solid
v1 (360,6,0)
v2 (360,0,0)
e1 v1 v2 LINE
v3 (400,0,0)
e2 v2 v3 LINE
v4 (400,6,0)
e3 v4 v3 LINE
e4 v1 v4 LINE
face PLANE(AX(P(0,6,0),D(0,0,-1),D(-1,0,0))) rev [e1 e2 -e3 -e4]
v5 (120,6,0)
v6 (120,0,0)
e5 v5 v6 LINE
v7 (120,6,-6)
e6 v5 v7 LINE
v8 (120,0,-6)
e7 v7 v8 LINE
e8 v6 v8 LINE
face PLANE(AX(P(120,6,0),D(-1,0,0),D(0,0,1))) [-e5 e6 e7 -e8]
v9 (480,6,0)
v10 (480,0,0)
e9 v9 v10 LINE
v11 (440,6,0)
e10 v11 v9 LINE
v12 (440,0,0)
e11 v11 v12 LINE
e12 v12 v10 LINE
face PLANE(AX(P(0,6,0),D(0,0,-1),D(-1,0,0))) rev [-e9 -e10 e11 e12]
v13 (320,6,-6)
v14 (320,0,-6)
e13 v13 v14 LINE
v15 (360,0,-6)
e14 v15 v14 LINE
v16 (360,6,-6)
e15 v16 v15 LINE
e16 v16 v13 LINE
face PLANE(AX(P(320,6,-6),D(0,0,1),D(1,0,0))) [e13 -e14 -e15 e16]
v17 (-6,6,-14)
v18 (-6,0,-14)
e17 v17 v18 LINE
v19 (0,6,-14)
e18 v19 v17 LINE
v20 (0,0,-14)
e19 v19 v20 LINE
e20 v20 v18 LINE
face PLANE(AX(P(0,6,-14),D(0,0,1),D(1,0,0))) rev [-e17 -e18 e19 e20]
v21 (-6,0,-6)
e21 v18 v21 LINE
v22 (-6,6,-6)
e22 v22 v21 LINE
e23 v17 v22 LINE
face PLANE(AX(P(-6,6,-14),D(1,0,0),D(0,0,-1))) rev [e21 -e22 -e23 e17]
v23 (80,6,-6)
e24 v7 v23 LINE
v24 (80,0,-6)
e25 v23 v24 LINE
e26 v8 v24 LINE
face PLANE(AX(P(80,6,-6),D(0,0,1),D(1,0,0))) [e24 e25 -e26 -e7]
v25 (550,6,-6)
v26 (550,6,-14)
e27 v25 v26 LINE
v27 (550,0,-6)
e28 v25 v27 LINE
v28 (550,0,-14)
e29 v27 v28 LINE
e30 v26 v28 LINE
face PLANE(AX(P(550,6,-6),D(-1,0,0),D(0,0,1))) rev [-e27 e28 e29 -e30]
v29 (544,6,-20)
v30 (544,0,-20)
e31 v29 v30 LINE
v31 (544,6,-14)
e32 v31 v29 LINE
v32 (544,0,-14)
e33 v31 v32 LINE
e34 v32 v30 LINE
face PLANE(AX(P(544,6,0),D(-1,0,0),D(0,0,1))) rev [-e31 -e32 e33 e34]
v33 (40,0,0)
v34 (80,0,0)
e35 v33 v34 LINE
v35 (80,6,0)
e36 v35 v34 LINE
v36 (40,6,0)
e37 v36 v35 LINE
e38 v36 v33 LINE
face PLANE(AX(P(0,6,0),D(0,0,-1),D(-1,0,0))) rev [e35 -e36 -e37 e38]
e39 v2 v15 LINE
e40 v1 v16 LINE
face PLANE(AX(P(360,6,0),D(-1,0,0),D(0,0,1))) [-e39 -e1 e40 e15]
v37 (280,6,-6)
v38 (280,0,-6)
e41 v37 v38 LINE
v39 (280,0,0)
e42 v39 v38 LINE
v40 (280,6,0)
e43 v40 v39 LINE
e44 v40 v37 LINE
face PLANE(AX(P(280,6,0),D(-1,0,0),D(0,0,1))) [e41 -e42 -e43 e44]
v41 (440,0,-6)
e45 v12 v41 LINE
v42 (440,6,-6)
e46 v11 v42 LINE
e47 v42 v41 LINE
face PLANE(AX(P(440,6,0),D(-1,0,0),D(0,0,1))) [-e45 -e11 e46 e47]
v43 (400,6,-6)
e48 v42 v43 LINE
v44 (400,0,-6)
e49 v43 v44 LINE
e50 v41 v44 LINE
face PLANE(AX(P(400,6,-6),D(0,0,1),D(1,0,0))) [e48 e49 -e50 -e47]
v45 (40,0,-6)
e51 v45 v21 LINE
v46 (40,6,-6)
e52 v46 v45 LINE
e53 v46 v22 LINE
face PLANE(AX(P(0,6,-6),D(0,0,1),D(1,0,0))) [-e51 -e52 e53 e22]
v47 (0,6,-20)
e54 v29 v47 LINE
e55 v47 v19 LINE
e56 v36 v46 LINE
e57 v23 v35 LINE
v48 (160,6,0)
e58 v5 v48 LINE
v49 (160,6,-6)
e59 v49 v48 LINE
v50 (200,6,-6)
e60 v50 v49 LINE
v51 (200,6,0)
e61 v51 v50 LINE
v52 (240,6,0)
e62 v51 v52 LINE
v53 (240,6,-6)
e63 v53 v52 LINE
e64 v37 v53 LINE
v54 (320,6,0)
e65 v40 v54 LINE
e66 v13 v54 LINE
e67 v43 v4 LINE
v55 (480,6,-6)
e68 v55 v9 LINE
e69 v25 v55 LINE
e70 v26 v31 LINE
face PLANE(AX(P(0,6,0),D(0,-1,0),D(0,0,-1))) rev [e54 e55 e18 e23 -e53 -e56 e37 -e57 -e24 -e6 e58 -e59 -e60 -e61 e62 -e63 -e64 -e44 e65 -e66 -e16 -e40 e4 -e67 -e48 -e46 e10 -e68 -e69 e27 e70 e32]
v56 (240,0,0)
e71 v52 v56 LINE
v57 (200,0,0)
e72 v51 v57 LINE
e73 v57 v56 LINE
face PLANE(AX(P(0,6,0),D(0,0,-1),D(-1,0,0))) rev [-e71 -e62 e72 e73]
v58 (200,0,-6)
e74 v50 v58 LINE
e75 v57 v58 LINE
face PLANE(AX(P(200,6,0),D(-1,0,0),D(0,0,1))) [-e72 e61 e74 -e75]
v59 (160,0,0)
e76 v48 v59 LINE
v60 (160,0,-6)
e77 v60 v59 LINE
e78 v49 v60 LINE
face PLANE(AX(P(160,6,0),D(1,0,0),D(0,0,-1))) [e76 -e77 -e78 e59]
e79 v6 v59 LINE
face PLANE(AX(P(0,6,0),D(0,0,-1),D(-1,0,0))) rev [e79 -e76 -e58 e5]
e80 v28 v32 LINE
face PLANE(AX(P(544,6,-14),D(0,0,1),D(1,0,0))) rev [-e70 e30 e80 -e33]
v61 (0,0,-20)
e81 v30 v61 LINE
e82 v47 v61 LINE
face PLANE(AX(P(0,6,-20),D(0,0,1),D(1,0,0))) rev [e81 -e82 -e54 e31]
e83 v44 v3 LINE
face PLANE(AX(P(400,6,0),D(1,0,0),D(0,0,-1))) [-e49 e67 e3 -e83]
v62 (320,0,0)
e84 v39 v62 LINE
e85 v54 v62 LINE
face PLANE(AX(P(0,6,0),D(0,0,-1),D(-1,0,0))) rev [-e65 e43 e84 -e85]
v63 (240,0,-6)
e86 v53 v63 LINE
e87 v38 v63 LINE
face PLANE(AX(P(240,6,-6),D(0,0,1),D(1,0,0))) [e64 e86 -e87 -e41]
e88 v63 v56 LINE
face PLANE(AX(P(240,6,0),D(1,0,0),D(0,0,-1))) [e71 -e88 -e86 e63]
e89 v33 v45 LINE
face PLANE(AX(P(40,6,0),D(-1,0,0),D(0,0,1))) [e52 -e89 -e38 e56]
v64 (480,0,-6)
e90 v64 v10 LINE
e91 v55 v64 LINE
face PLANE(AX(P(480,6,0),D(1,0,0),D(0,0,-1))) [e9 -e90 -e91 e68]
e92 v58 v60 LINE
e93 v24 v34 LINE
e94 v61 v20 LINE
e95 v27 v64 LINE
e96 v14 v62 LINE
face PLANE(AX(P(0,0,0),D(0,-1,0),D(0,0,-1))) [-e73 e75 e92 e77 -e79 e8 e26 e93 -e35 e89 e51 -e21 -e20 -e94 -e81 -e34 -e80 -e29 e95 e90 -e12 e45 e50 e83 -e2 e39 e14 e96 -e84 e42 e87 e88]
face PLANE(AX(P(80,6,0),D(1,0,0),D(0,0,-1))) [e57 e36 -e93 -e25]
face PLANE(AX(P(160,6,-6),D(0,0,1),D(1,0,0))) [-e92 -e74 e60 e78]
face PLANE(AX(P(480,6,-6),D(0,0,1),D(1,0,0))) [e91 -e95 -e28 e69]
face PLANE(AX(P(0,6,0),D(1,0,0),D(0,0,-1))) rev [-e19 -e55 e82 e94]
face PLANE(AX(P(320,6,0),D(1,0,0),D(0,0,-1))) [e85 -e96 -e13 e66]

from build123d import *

# Parameters (mm, degrees)
CROQUIS1_W              = 544
CROQUIS1_H              = 20
SALIENTE_EXTRUIR1_DEPTH = 6
CROQUIS3_W              = 40
CROQUIS3_H              = 6
CORTAR_EXTRUIR1_DEPTH   = 6
MATRIZL1_COUNT          = 7
MATRIZL1_PITCH          = 80
CROQUIS4_W              = 24
CROQUIS4_H              = 6
CORTAR_EXTRUIR2_DEPTH   = 6
CROQUIS5_W              = 6
CROQUIS5_H              = 8
SALIENTE_EXTRUIR3_DEPTH = 6


with BuildPart() as part:
    # Croquis1 → Saliente-Extruir1 (new body)
    with BuildSketch(Plane(origin=(0, 0, 0), x_dir=(1, 0, 0), z_dir=(0, 1, 0))):
        with Locations((272, 10)):
            Rectangle(CROQUIS1_W, CROQUIS1_H)
    extrude(amount=SALIENTE_EXTRUIR1_DEPTH)

    # Croquis3 → Cortar-Extruir1 (cut)
    with BuildSketch(Plane(origin=(0, 0, 0), x_dir=(1, 0, 0), z_dir=(0, 1, 0))):
        with Locations((20, 3)):
            Rectangle(CROQUIS3_W, CROQUIS3_H)
    cortar_extruir1 = extrude(amount=CORTAR_EXTRUIR1_DEPTH, mode=Mode.SUBTRACT)

    # MatrizL1: Cortar-Extruir1 ×7
    with Locations(*[(i * MATRIZL1_PITCH, 0, 0) for i in range(1, MATRIZL1_COUNT)]):
        add(cortar_extruir1, mode=Mode.SUBTRACT)

    # Croquis4 → Cortar-Extruir2 (cut)
    with BuildSketch(Plane(origin=(0, 6, 0), x_dir=(1, 0, 0), z_dir=(0, 1, 0))):
        with Locations((532, 3)):
            Rectangle(CROQUIS4_W, CROQUIS4_H)
    extrude(amount=-CORTAR_EXTRUIR2_DEPTH, mode=Mode.SUBTRACT)

    # Croquis5 → Saliente-Extruir3 (add)
    with BuildSketch(Plane(origin=(0, 0, 0), x_dir=(1, 0, 0), z_dir=(0, 1, 0))):
        with Locations((-3, 10)):
            Rectangle(CROQUIS5_W, CROQUIS5_H)
        with Locations((547, 10)):
            Rectangle(CROQUIS5_W, CROQUIS5_H)
    extrude(amount=SALIENTE_EXTRUIR3_DEPTH)


solid = part.part
